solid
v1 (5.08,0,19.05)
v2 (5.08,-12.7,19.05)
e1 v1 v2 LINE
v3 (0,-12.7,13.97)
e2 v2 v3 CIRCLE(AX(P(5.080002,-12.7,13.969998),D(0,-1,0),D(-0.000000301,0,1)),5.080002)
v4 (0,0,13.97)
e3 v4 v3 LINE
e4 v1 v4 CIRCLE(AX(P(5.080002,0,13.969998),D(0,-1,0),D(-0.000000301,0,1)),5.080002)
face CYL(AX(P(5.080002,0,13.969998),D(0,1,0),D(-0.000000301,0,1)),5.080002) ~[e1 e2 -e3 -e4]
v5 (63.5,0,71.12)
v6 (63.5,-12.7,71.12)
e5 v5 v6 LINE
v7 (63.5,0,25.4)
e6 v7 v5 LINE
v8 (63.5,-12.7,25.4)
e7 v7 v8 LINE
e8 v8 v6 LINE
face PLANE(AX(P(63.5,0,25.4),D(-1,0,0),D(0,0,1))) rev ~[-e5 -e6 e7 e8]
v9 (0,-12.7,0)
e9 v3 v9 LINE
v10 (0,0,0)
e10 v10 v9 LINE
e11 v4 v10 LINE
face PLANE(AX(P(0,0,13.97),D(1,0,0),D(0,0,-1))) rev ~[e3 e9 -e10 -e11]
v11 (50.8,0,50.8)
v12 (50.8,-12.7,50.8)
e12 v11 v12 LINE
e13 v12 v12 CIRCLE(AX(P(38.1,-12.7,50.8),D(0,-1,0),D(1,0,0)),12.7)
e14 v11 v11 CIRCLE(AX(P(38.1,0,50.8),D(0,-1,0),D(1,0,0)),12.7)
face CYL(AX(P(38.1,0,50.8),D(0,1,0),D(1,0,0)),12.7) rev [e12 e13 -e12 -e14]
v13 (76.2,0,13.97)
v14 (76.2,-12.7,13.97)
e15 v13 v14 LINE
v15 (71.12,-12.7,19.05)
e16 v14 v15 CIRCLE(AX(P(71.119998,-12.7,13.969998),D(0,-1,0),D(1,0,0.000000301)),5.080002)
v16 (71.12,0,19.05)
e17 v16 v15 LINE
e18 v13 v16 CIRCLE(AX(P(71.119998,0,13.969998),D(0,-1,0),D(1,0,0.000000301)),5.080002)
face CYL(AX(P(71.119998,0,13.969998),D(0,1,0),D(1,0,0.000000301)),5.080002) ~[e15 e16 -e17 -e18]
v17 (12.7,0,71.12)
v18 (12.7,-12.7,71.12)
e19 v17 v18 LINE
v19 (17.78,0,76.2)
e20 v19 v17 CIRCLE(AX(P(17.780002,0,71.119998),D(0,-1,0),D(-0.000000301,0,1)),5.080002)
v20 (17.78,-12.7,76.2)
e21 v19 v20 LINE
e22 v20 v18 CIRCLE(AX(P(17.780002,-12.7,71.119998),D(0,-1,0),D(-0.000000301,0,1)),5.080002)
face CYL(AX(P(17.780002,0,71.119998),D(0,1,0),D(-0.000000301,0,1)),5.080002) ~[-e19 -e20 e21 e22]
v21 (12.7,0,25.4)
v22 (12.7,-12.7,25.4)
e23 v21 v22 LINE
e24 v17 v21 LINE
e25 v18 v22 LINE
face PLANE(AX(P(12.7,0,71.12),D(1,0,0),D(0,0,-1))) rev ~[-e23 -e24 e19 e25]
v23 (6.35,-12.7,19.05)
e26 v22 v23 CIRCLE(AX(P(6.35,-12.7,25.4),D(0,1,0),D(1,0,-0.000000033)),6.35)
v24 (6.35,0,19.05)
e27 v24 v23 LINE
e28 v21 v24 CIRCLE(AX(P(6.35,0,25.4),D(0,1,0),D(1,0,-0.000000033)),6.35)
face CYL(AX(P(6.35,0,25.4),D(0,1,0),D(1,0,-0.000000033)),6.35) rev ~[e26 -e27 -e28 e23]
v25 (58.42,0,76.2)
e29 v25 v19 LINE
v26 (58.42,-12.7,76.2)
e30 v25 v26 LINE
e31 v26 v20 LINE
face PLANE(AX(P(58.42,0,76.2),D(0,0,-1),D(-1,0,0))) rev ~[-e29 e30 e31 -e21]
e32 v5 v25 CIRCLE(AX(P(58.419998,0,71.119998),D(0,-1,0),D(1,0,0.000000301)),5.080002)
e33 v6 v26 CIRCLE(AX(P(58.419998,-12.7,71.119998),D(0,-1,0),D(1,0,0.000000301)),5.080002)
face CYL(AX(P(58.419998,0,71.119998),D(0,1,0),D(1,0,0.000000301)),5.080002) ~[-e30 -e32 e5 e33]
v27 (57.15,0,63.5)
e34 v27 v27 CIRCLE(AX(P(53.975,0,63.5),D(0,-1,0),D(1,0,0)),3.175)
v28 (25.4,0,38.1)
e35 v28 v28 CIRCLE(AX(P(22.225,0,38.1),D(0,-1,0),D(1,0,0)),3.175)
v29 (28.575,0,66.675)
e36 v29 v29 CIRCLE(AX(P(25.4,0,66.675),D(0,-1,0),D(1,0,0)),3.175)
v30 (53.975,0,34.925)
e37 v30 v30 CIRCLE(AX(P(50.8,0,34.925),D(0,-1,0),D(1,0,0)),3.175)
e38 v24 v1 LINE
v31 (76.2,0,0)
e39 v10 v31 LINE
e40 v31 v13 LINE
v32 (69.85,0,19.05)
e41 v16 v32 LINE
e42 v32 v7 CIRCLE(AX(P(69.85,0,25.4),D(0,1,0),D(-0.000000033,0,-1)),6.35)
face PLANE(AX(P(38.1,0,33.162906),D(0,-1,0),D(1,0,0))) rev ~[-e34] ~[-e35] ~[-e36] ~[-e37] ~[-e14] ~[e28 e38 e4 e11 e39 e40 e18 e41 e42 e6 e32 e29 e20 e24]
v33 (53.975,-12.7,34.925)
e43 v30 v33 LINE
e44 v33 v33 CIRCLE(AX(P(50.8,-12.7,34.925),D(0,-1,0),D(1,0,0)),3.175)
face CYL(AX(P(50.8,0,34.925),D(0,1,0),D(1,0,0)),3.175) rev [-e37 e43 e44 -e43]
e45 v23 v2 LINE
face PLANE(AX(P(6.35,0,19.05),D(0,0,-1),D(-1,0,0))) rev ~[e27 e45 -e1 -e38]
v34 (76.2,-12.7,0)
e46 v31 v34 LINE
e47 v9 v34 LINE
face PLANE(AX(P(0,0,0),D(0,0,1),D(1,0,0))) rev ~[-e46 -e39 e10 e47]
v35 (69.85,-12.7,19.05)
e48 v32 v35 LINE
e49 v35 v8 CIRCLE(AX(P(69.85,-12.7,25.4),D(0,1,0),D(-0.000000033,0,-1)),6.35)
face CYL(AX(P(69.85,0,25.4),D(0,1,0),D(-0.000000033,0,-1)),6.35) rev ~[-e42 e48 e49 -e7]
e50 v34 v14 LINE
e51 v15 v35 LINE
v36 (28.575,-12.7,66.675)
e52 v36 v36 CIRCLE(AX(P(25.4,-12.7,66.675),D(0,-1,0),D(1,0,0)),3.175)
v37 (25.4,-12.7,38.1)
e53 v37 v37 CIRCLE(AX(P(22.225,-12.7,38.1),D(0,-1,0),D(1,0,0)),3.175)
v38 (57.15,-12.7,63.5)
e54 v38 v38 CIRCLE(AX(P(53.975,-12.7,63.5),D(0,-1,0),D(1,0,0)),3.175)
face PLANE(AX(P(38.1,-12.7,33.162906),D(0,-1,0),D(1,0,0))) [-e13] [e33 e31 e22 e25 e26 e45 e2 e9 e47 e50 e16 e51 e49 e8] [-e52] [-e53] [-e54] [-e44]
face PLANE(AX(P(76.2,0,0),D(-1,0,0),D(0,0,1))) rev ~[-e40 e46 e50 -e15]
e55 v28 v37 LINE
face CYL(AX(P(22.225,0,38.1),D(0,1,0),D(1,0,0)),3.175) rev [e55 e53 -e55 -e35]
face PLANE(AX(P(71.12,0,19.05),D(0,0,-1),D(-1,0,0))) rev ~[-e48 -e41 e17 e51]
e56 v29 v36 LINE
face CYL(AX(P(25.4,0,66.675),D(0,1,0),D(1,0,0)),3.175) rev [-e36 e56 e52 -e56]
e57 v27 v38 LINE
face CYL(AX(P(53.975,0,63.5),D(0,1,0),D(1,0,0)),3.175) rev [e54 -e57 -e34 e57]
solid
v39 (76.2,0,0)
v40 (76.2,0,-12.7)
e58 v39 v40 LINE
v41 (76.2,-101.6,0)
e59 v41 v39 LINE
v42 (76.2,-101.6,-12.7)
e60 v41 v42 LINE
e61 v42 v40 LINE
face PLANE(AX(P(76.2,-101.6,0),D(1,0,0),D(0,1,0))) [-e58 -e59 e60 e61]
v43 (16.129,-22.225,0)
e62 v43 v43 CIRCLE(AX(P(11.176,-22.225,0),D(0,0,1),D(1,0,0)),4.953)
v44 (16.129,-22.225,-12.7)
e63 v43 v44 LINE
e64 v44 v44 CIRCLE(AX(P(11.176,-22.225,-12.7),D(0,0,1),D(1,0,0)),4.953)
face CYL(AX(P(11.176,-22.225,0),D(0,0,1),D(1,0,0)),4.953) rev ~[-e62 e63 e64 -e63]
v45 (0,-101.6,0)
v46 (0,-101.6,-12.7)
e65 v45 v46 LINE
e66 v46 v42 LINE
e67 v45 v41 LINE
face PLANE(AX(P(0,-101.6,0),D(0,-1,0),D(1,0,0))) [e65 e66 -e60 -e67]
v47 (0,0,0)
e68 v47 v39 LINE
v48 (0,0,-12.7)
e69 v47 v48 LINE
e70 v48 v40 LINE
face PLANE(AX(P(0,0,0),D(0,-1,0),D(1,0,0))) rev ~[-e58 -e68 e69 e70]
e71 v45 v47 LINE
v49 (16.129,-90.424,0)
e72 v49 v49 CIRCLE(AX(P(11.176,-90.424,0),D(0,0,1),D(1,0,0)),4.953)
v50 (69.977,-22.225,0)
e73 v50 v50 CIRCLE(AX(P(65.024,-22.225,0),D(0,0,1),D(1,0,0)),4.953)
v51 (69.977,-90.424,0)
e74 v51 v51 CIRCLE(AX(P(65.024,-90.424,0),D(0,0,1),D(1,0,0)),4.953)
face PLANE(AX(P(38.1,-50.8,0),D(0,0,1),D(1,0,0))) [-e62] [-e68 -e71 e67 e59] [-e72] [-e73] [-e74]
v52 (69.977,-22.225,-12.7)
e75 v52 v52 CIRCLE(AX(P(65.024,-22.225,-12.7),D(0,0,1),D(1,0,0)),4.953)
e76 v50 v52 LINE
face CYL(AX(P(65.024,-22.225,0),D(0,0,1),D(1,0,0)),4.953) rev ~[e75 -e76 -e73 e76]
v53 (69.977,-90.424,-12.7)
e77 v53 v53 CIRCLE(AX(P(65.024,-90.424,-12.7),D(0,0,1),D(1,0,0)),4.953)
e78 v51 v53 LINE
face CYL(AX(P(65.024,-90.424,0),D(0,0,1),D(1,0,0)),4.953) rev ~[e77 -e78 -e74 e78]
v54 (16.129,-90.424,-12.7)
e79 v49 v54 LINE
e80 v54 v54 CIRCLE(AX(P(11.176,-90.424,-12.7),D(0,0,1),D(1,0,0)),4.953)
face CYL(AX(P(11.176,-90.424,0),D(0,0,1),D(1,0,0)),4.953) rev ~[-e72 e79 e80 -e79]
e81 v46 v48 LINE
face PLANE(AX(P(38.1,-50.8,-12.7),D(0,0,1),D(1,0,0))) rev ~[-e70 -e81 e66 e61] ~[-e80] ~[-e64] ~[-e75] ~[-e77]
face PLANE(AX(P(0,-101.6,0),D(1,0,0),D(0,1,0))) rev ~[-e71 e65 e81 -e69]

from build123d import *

# Parameters (mm, degrees)
F0_W     = 76.2
F0_H     = 101.6
F0_R     = 4.953
F1_DEPTH = 12.7
F2_R     = 3.175
F2_R_2   = 12.7
F3_DEPTH = 12.7


with BuildPart() as f1:
    # F0 (on Top) → F1 (new body)
    with BuildSketch(Plane.XY):
        with Locations((38.1, -50.8)):
            Rectangle(F0_W, F0_H)
        with Locations((11.176, -90.424)):
            Circle(F0_R, mode=Mode.SUBTRACT)
        with Locations((65.024, -90.424)):
            Circle(F0_R, mode=Mode.SUBTRACT)
        with Locations((11.176, -22.225)):
            Circle(F0_R, mode=Mode.SUBTRACT)
        with Locations((65.024, -22.225)):
            Circle(F0_R, mode=Mode.SUBTRACT)
    extrude(amount=-F1_DEPTH)


with BuildPart() as f3:
    # F2 (on Front) → F3 (new body)
    with BuildSketch(Plane.XZ):
        with BuildLine():
            Line((0, 13.97), (0, 0))
            Line((0, 0), (76.2, 0))
            Line((76.2, 0), (76.2, 13.97))
            ThreePointArc((76.2, 13.97), (74.712102, 17.562102), (71.12, 19.05))
            Line((71.12, 19.05), (69.85, 19.05))
            ThreePointArc((69.85, 19.05), (65.359872, 20.909872), (63.5, 25.4))
            Line((63.5, 25.4), (63.5, 71.12))
            ThreePointArc((63.5, 71.12), (62.012102, 74.712102), (58.42, 76.2))
            Line((58.42, 76.2), (17.78, 76.2))
            ThreePointArc((17.78, 76.2), (14.187898, 74.712102), (12.7, 71.12))
            Line((12.7, 71.12), (12.7, 25.4))
            ThreePointArc((12.7, 25.4), (10.840128, 20.909872), (6.35, 19.05))
            Line((6.35, 19.05), (5.08, 19.05))
            ThreePointArc((5.08, 19.05), (1.487898, 17.562102), (0, 13.97))
        make_face()
        with Locations((50.8, 34.925)):
            Circle(F2_R, mode=Mode.SUBTRACT)
        with Locations((22.225, 38.1)):
            Circle(F2_R, mode=Mode.SUBTRACT)
        with Locations((25.4, 66.675)):
            Circle(F2_R, mode=Mode.SUBTRACT)
        with Locations((38.1, 50.8)):
            Circle(F2_R_2, mode=Mode.SUBTRACT)
        with Locations((53.975, 63.5)):
            Circle(F2_R, mode=Mode.SUBTRACT)
    extrude(amount=F3_DEPTH)


solid = Compound([f1.part, f3.part])
